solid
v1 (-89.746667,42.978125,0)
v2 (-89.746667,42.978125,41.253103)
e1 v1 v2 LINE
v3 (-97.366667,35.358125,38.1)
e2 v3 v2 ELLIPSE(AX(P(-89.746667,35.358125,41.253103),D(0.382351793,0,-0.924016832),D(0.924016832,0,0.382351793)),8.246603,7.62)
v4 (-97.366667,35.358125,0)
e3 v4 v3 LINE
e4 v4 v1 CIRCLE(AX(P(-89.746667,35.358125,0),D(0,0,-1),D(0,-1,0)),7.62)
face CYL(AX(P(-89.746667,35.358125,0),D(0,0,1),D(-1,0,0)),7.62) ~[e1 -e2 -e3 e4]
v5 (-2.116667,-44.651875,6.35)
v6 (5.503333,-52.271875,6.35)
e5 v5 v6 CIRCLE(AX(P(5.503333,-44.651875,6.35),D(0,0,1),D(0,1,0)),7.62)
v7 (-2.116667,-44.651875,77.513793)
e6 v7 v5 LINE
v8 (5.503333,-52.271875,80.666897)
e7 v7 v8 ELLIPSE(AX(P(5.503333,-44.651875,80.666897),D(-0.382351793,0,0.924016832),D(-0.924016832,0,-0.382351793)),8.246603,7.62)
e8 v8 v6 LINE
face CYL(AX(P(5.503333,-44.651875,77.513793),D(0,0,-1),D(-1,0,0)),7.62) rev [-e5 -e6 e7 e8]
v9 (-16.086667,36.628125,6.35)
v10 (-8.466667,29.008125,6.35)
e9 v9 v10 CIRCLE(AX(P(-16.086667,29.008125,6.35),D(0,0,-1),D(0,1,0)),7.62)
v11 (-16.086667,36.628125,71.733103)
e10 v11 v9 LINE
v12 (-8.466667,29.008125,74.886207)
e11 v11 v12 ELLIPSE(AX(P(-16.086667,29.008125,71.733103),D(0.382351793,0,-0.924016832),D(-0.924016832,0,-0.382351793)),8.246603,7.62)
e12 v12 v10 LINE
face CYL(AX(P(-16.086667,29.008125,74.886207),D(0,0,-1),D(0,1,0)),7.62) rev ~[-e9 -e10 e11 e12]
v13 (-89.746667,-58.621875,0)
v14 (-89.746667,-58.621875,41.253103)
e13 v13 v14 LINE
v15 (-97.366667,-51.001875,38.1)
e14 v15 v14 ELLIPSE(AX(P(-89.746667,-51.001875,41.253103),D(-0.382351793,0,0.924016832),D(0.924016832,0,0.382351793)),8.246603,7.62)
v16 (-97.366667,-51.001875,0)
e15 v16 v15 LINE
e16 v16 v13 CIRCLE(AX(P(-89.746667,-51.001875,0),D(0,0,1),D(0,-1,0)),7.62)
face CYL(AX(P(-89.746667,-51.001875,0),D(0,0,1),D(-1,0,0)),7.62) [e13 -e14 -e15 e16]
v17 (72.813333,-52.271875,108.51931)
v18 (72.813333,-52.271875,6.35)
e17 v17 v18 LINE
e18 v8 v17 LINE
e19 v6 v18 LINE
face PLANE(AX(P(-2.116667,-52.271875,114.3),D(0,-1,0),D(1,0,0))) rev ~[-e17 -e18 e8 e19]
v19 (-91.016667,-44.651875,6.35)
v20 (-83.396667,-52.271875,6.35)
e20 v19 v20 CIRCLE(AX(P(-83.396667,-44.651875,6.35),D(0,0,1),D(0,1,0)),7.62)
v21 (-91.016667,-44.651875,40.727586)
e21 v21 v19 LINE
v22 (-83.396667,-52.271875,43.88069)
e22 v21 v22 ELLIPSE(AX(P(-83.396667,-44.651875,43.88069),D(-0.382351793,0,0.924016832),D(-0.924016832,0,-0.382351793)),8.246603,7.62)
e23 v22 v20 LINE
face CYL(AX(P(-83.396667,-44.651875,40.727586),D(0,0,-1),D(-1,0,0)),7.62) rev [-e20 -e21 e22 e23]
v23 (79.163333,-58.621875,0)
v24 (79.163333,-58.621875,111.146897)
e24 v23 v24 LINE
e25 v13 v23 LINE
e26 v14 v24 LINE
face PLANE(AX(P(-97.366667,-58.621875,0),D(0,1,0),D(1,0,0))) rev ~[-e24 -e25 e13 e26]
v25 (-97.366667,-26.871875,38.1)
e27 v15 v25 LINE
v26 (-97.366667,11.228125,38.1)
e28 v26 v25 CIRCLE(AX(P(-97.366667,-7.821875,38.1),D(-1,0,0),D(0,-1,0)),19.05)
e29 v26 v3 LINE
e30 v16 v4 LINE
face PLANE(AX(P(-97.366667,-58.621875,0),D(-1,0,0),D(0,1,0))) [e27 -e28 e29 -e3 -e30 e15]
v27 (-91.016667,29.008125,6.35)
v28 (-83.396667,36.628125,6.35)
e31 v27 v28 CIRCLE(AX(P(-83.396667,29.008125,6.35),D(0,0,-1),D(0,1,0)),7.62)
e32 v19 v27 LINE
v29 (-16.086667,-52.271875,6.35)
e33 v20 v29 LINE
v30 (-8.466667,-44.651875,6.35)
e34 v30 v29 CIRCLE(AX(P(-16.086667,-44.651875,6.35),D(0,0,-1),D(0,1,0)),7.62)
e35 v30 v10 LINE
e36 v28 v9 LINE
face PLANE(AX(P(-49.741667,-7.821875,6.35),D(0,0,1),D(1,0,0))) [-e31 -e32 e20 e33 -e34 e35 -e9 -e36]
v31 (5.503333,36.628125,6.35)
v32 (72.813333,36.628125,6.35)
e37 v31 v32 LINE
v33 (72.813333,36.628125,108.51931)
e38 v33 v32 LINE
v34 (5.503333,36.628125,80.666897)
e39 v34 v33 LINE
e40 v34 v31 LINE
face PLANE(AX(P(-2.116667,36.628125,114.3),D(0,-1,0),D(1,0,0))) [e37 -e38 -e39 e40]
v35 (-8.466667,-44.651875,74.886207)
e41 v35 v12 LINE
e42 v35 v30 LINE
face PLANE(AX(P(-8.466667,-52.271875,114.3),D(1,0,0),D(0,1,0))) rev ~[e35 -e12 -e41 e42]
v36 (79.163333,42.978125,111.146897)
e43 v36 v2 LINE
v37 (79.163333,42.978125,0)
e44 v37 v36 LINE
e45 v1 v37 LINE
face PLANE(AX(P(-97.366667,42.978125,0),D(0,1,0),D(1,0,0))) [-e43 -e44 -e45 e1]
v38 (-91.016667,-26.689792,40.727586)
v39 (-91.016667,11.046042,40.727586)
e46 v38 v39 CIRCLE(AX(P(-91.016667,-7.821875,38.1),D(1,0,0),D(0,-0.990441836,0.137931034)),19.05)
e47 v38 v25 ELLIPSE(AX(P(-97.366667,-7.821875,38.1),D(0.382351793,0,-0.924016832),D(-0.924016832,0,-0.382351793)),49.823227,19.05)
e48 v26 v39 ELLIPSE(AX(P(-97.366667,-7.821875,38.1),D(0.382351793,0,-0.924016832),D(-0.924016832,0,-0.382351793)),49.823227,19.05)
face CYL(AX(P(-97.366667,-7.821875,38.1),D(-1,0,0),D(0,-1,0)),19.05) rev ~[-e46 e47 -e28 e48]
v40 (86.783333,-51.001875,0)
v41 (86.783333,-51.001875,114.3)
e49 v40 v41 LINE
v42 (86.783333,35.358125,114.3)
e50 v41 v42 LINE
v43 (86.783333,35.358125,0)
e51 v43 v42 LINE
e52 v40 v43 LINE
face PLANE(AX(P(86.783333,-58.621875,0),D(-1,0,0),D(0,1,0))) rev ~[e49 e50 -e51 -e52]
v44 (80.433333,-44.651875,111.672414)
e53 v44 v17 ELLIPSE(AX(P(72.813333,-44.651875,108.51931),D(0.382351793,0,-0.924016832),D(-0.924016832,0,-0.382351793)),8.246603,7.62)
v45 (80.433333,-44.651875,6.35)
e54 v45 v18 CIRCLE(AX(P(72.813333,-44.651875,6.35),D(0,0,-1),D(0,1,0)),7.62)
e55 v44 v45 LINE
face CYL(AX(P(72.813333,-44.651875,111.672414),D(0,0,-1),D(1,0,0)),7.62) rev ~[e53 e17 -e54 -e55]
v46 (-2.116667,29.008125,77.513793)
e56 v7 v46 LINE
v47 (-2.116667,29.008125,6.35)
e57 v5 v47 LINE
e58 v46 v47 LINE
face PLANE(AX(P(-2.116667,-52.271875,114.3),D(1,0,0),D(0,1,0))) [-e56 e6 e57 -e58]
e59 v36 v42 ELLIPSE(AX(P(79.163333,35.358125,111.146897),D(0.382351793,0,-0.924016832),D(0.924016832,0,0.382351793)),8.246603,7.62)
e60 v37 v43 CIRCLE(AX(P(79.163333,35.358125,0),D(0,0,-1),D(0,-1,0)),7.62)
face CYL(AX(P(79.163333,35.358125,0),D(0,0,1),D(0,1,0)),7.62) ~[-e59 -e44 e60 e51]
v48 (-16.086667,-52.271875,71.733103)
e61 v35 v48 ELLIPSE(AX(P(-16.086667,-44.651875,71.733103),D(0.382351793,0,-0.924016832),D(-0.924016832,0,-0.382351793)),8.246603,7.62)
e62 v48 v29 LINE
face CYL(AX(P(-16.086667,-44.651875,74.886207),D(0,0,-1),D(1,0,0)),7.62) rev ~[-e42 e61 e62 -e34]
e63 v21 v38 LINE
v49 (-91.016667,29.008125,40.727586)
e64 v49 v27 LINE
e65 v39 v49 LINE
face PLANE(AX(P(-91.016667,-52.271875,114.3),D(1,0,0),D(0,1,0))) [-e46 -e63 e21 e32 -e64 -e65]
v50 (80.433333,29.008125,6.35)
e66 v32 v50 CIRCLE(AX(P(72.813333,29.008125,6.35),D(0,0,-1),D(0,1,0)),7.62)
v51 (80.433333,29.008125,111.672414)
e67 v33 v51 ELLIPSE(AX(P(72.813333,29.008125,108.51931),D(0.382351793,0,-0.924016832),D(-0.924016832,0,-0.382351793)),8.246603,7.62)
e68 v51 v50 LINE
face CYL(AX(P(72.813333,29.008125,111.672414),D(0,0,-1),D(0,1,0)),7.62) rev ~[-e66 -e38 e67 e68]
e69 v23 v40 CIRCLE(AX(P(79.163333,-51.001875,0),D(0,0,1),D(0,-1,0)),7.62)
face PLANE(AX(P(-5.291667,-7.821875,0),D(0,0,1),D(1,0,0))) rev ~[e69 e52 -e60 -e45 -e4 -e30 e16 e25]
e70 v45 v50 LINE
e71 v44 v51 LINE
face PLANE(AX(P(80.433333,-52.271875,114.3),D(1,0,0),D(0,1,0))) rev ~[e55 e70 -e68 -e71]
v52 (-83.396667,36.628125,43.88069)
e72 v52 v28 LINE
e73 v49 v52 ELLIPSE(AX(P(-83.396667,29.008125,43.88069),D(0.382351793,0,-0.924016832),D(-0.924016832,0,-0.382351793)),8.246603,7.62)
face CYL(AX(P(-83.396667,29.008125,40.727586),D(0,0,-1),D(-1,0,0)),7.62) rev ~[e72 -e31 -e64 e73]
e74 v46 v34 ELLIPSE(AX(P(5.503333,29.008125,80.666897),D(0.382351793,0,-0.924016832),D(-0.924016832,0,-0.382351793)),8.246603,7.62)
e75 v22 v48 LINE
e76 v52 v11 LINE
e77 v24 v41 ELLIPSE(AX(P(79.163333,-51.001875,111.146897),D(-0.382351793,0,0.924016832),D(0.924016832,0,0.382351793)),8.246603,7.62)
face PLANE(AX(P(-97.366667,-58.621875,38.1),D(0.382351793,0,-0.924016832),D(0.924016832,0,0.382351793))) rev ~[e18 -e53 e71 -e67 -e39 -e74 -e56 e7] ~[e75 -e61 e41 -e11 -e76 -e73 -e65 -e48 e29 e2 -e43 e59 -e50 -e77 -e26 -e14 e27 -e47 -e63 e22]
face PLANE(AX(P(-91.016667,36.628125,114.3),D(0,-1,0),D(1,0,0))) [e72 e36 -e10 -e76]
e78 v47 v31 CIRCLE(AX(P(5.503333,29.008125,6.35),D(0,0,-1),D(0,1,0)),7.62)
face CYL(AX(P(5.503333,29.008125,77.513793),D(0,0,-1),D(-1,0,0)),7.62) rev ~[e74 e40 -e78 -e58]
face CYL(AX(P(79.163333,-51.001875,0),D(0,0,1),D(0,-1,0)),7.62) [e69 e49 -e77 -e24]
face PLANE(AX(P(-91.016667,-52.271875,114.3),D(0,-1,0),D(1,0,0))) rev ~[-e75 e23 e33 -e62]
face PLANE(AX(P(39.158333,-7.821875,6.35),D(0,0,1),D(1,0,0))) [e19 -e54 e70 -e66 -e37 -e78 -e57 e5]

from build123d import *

# Parameters (mm, degrees)
F0_W     = 184.15
F0_H     = 101.6
F1_DEPTH = 114.3
F2_W     = 82.55
F2_H     = 88.9
F3_DEPTH = 107.95
F5_DEPTH = 101.601
F6_R     = 7.62
F7_R     = 19.05
F8_DEPTH = 25.4


with BuildPart() as f1:
    # F0 (on Top) → F1 (new body)
    with BuildSketch(Plane.XY):
        with Locations((-5.291667, -7.821875)):
            Rectangle(F0_W, F0_H)
    extrude(amount=F1_DEPTH)

    # F2 (on face) → F3 (cut)
    with BuildSketch(Plane.XY.offset(114.3)):
        with Locations((-49.741667, -7.821875)):
            Rectangle(F2_W, F2_H)
        with Locations((39.158333, -7.821875)):
            Rectangle(F2_W, F2_H)
    extrude(amount=-F3_DEPTH, mode=Mode.SUBTRACT)

    # F4 (on face) → F5 (cut, through all)
    with BuildSketch(Plane.XZ.offset(58.621875)):
        Polygon((-97.366667, 114.3), (-97.366667, 38.1), (86.783333, 114.3), align=None)
    extrude(amount=-F5_DEPTH, mode=Mode.SUBTRACT)

    # F6
    f6_edges = [f1.edges().sort_by_distance(p)[0] for p in [
        (80.433333, 36.628125, 59.011207),
        (-8.466667, 36.628125, 40.618103),
        (-97.366667, 42.978125, 19.05),
        (-97.366667, -58.621875, 19.05),
        (86.783333, -58.621875, 57.15),
        (80.433333, -52.271875, 59.011207),
        (-8.466667, -52.271875, 40.618103),
        (86.783333, 42.978125, 57.15),
        (-2.116667, -52.271875, 41.931897),
        (-91.016667, -52.271875, 23.538793),
        (-2.116667, 36.628125, 41.931897),
        (-91.016667, 36.628125, 23.538793),
    ]]
    fillet(f6_edges, radius=F6_R)

    # F7 (on face) → F8 (cut)
    with BuildSketch(Plane(origin=(-97.366667, 0, 0), x_dir=(0, -1, 0), z_dir=(-1, 0, 0))):
        with Locations((7.821875, 38.1)):
            Circle(F7_R)
    extrude(amount=-F8_DEPTH, mode=Mode.SUBTRACT)


solid = f1.part
